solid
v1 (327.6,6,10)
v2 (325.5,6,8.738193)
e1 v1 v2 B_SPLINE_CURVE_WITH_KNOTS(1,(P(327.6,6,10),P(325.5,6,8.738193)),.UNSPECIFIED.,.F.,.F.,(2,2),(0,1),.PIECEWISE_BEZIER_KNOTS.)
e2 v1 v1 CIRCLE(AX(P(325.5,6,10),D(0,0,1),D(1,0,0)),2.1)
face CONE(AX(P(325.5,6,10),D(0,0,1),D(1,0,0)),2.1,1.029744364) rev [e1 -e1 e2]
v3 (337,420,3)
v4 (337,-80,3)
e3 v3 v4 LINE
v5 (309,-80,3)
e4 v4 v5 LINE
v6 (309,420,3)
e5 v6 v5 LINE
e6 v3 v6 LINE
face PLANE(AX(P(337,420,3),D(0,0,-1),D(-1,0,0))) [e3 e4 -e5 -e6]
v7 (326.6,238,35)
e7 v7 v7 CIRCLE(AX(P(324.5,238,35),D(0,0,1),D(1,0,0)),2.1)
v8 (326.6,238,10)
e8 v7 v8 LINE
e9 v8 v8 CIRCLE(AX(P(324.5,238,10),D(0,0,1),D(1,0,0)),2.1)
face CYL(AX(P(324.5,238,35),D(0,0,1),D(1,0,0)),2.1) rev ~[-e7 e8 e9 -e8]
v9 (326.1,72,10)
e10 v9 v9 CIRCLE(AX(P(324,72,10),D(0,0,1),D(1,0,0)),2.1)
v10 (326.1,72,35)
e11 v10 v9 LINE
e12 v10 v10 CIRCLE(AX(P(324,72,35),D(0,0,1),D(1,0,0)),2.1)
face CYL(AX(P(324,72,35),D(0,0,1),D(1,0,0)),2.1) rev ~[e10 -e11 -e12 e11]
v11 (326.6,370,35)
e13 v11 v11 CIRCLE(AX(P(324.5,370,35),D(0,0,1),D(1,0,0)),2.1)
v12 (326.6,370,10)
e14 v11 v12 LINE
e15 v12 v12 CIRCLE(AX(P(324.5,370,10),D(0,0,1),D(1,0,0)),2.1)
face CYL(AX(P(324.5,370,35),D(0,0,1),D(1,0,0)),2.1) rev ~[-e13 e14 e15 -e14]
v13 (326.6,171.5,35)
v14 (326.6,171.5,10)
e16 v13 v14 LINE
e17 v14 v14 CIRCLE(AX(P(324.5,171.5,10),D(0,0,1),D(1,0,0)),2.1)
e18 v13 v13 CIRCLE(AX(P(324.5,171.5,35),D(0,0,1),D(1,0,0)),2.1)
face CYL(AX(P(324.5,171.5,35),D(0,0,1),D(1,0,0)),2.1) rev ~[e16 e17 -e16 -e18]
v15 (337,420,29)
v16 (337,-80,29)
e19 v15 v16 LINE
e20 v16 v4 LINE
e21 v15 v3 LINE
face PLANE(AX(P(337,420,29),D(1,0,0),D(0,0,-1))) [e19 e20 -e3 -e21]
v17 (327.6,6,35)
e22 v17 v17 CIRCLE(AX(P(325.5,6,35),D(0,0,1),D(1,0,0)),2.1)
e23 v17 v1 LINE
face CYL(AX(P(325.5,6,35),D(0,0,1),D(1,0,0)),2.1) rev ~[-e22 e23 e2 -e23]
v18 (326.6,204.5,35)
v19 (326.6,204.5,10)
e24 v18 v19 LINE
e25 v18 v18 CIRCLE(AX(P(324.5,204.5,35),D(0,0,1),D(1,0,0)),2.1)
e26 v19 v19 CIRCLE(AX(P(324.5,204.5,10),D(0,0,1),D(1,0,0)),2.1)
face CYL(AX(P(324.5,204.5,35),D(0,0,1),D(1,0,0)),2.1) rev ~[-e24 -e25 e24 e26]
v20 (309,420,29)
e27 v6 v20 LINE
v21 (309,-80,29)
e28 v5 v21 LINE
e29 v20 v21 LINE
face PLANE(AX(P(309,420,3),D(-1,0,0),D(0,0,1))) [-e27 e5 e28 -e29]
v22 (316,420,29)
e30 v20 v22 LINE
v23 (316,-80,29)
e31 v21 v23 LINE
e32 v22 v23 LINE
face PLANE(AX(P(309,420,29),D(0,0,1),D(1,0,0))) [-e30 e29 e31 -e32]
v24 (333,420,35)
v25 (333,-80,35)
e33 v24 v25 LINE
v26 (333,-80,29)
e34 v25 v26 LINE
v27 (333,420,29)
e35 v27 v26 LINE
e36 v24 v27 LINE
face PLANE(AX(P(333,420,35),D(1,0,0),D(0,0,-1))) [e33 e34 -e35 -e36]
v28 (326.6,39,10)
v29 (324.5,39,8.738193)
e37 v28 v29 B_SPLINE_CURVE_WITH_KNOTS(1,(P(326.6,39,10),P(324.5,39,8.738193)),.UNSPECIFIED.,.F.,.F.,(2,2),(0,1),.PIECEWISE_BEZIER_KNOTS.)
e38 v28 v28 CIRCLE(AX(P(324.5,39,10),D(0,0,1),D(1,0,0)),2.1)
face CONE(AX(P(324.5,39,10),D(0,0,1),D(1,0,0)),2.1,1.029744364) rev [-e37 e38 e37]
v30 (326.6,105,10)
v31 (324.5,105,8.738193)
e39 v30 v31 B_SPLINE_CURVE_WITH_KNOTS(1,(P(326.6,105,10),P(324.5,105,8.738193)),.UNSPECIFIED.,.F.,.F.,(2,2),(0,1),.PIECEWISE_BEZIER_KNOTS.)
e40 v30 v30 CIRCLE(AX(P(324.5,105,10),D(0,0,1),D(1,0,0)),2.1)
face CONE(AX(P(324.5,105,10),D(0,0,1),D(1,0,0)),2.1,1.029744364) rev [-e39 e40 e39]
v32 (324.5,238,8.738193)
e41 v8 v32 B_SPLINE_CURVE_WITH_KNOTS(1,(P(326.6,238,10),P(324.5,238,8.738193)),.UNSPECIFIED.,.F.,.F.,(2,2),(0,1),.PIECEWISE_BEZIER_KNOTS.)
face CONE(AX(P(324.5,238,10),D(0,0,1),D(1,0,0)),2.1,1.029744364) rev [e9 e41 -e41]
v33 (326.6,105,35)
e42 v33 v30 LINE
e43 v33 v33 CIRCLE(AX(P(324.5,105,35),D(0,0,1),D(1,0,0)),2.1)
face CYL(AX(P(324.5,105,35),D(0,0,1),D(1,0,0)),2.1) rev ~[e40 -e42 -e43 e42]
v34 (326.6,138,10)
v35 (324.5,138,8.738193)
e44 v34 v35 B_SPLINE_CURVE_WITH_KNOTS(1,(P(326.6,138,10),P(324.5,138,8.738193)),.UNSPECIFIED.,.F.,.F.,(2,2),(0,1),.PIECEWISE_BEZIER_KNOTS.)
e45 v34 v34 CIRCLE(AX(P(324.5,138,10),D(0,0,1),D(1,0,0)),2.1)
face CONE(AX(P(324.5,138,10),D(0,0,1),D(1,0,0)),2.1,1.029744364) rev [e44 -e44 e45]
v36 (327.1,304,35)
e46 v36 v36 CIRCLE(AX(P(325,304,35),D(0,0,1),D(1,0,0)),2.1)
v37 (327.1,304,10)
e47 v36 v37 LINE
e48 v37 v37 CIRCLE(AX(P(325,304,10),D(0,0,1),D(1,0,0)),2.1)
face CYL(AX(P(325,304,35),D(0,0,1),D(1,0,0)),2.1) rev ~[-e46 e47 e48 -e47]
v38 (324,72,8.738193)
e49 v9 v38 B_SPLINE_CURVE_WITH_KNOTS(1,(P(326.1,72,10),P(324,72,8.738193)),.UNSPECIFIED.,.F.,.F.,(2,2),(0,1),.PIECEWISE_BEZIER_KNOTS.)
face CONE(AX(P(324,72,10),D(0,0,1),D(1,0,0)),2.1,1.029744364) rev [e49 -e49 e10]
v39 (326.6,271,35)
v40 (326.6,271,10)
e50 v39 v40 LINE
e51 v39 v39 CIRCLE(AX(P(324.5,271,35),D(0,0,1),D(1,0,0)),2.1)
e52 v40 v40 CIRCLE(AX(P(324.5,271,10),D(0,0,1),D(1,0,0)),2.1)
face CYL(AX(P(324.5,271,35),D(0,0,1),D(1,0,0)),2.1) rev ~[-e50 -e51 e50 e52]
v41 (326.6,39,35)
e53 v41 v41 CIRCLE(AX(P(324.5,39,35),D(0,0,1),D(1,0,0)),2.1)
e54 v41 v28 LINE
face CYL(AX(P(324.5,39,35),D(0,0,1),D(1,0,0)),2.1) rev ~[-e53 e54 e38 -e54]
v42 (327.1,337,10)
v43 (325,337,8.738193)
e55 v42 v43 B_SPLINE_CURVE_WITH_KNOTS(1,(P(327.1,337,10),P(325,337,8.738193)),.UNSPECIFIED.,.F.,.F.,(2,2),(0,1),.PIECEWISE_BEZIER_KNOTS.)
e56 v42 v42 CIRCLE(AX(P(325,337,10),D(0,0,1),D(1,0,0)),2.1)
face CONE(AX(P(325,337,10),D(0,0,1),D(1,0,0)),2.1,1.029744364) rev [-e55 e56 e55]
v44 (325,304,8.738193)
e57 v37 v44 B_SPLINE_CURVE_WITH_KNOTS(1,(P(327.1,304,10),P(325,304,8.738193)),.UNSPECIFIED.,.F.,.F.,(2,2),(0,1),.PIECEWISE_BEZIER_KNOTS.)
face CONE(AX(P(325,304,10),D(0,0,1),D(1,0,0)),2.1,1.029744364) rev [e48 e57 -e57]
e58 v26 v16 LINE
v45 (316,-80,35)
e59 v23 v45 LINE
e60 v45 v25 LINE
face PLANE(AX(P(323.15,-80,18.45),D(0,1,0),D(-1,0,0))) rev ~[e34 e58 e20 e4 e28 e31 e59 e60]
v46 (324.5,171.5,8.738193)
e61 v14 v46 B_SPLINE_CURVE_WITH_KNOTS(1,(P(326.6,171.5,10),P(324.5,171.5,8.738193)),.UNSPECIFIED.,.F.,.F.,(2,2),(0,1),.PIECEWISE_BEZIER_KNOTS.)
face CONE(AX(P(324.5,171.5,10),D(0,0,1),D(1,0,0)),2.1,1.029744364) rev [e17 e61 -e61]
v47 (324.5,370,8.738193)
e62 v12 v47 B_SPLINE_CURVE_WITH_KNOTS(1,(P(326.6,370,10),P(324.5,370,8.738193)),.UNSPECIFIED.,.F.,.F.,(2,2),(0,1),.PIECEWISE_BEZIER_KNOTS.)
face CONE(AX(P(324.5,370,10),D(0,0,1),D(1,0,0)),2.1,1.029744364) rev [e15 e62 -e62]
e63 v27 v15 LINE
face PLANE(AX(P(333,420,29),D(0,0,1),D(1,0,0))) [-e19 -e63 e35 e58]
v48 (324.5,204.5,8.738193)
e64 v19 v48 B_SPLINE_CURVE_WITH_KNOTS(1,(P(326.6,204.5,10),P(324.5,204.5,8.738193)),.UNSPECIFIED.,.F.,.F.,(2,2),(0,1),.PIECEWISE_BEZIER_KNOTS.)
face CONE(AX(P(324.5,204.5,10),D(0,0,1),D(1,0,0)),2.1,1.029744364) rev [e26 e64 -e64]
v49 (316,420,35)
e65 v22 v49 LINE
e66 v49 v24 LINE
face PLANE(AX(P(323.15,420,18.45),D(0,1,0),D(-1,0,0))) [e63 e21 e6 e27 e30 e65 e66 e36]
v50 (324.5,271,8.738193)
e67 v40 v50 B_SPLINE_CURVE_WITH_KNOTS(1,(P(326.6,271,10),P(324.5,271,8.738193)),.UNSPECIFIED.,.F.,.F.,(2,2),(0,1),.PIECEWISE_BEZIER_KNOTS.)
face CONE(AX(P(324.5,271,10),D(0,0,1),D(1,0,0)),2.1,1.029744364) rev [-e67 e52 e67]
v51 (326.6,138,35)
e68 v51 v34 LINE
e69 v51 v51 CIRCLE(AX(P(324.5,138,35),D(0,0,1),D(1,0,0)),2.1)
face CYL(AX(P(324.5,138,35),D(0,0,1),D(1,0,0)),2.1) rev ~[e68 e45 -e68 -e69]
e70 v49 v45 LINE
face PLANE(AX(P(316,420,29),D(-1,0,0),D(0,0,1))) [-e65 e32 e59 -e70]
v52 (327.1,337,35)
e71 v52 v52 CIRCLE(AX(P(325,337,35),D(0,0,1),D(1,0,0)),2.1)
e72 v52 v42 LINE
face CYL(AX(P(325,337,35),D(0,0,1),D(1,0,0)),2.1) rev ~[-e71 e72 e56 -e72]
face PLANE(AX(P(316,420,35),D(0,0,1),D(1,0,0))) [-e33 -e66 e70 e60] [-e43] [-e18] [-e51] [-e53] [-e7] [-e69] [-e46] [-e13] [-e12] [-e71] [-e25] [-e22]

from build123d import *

# Parameters (mm, degrees)
PAD010_DEPTH   = 500
SKETCH024_R    = 2.1
HOLE005_DEPTH  = 25
HOLE005_TIPS_R = 2.1


with BuildPart() as part:
    # Sketch023 → Pad010 (new body)
    with BuildSketch(Plane.XZ):
        Polygon((7, 0), (24, 0), (24, -6), (28, -6), (28, -32), (0, -32), (0, -6), (7, -6), align=None)
    extrude(amount=PAD010_DEPTH)

    # Sketch024 → Hole005 (cut)
    with BuildSketch(Plane.XY):
        with Locations((16.5, -414)):
            Circle(SKETCH024_R)
        with Locations((15.5, -381)):
            Circle(SKETCH024_R)
        with Locations((15, -348)):
            Circle(SKETCH024_R)
        with Locations((15.5, -315)):
            Circle(SKETCH024_R)
        with Locations((15.5, -282)):
            Circle(SKETCH024_R)
        with Locations((15.5, -248.5)):
            Circle(SKETCH024_R)
        with Locations((15.5, -215.5)):
            Circle(SKETCH024_R)
        with Locations((15.5, -182)):
            Circle(SKETCH024_R)
        with Locations((15.5, -149)):
            Circle(SKETCH024_R)
        with Locations((16, -116)):
            Circle(SKETCH024_R)
        with Locations((16, -83)):
            Circle(SKETCH024_R)
        with Locations((15.5, -50)):
            Circle(SKETCH024_R)
    extrude(amount=-HOLE005_DEPTH, mode=Mode.SUBTRACT)

    # Hole005 tips → Hole005 tip 1 section 0
    with BuildSketch(Plane.XY.offset(-25), mode=Mode.PRIVATE) as hole005_tip_1_s0:
        with Locations((16.5, -414)):
            Circle(HOLE005_TIPS_R)
    loft([hole005_tip_1_s0.sketch, Vertex(16.5, -414, -26.261807)], mode=Mode.SUBTRACT)

    # Hole005 tips → Hole005 tip 2 section 0
    with BuildSketch(Plane.XY.offset(-25), mode=Mode.PRIVATE) as hole005_tip_2_s0:
        with Locations((15.5, -381)):
            Circle(HOLE005_TIPS_R)
    loft([hole005_tip_2_s0.sketch, Vertex(15.5, -381, -26.261807)], mode=Mode.SUBTRACT)

    # Hole005 tips → Hole005 tip 3 section 0
    with BuildSketch(Plane.XY.offset(-25), mode=Mode.PRIVATE) as hole005_tip_3_s0:
        with Locations((15, -348)):
            Circle(HOLE005_TIPS_R)
    loft([hole005_tip_3_s0.sketch, Vertex(15, -348, -26.261807)], mode=Mode.SUBTRACT)

    # Hole005 tips → Hole005 tip 4 section 0
    with BuildSketch(Plane.XY.offset(-25), mode=Mode.PRIVATE) as hole005_tip_4_s0:
        with Locations((15.5, -315)):
            Circle(HOLE005_TIPS_R)
    loft([hole005_tip_4_s0.sketch, Vertex(15.5, -315, -26.261807)], mode=Mode.SUBTRACT)

    # Hole005 tips → Hole005 tip 5 section 0
    with BuildSketch(Plane.XY.offset(-25), mode=Mode.PRIVATE) as hole005_tip_5_s0:
        with Locations((15.5, -282)):
            Circle(HOLE005_TIPS_R)
    loft([hole005_tip_5_s0.sketch, Vertex(15.5, -282, -26.261807)], mode=Mode.SUBTRACT)

    # Hole005 tips → Hole005 tip 6 section 0
    with BuildSketch(Plane.XY.offset(-25), mode=Mode.PRIVATE) as hole005_tip_6_s0:
        with Locations((15.5, -248.5)):
            Circle(HOLE005_TIPS_R)
    loft([hole005_tip_6_s0.sketch, Vertex(15.5, -248.5, -26.261807)], mode=Mode.SUBTRACT)

    # Hole005 tips → Hole005 tip 7 section 0
    with BuildSketch(Plane.XY.offset(-25), mode=Mode.PRIVATE) as hole005_tip_7_s0:
        with Locations((15.5, -215.5)):
            Circle(HOLE005_TIPS_R)
    loft([hole005_tip_7_s0.sketch, Vertex(15.5, -215.5, -26.261807)], mode=Mode.SUBTRACT)

    # Hole005 tips → Hole005 tip 8 section 0
    with BuildSketch(Plane.XY.offset(-25), mode=Mode.PRIVATE) as hole005_tip_8_s0:
        with Locations((15.5, -182)):
            Circle(HOLE005_TIPS_R)
    loft([hole005_tip_8_s0.sketch, Vertex(15.5, -182, -26.261807)], mode=Mode.SUBTRACT)

    # Hole005 tips → Hole005 tip 9 section 0
    with BuildSketch(Plane.XY.offset(-25), mode=Mode.PRIVATE) as hole005_tip_9_s0:
        with Locations((15.5, -149)):
            Circle(HOLE005_TIPS_R)
    loft([hole005_tip_9_s0.sketch, Vertex(15.5, -149, -26.261807)], mode=Mode.SUBTRACT)

    # Hole005 tips → Hole005 tip 10 section 0
    with BuildSketch(Plane.XY.offset(-25), mode=Mode.PRIVATE) as hole005_tip_10_s0:
        with Locations((16, -116)):
            Circle(HOLE005_TIPS_R)
    loft([hole005_tip_10_s0.sketch, Vertex(16, -116, -26.261807)], mode=Mode.SUBTRACT)

    # Hole005 tips → Hole005 tip 11 section 0
    with BuildSketch(Plane.XY.offset(-25), mode=Mode.PRIVATE) as hole005_tip_11_s0:
        with Locations((16, -83)):
            Circle(HOLE005_TIPS_R)
    loft([hole005_tip_11_s0.sketch, Vertex(16, -83, -26.261807)], mode=Mode.SUBTRACT)

    # Hole005 tips → Hole005 tip 12 section 0
    with BuildSketch(Plane.XY.offset(-25), mode=Mode.PRIVATE) as hole005_tip_12_s0:
        with Locations((15.5, -50)):
            Circle(HOLE005_TIPS_R)
    loft([hole005_tip_12_s0.sketch, Vertex(15.5, -50, -26.261807)], mode=Mode.SUBTRACT)


with BuildPart() as part_1:
    # Body007 placement: moved
    add(part.part.moved(Location((309, 420, 35))))


solid = part_1.part
